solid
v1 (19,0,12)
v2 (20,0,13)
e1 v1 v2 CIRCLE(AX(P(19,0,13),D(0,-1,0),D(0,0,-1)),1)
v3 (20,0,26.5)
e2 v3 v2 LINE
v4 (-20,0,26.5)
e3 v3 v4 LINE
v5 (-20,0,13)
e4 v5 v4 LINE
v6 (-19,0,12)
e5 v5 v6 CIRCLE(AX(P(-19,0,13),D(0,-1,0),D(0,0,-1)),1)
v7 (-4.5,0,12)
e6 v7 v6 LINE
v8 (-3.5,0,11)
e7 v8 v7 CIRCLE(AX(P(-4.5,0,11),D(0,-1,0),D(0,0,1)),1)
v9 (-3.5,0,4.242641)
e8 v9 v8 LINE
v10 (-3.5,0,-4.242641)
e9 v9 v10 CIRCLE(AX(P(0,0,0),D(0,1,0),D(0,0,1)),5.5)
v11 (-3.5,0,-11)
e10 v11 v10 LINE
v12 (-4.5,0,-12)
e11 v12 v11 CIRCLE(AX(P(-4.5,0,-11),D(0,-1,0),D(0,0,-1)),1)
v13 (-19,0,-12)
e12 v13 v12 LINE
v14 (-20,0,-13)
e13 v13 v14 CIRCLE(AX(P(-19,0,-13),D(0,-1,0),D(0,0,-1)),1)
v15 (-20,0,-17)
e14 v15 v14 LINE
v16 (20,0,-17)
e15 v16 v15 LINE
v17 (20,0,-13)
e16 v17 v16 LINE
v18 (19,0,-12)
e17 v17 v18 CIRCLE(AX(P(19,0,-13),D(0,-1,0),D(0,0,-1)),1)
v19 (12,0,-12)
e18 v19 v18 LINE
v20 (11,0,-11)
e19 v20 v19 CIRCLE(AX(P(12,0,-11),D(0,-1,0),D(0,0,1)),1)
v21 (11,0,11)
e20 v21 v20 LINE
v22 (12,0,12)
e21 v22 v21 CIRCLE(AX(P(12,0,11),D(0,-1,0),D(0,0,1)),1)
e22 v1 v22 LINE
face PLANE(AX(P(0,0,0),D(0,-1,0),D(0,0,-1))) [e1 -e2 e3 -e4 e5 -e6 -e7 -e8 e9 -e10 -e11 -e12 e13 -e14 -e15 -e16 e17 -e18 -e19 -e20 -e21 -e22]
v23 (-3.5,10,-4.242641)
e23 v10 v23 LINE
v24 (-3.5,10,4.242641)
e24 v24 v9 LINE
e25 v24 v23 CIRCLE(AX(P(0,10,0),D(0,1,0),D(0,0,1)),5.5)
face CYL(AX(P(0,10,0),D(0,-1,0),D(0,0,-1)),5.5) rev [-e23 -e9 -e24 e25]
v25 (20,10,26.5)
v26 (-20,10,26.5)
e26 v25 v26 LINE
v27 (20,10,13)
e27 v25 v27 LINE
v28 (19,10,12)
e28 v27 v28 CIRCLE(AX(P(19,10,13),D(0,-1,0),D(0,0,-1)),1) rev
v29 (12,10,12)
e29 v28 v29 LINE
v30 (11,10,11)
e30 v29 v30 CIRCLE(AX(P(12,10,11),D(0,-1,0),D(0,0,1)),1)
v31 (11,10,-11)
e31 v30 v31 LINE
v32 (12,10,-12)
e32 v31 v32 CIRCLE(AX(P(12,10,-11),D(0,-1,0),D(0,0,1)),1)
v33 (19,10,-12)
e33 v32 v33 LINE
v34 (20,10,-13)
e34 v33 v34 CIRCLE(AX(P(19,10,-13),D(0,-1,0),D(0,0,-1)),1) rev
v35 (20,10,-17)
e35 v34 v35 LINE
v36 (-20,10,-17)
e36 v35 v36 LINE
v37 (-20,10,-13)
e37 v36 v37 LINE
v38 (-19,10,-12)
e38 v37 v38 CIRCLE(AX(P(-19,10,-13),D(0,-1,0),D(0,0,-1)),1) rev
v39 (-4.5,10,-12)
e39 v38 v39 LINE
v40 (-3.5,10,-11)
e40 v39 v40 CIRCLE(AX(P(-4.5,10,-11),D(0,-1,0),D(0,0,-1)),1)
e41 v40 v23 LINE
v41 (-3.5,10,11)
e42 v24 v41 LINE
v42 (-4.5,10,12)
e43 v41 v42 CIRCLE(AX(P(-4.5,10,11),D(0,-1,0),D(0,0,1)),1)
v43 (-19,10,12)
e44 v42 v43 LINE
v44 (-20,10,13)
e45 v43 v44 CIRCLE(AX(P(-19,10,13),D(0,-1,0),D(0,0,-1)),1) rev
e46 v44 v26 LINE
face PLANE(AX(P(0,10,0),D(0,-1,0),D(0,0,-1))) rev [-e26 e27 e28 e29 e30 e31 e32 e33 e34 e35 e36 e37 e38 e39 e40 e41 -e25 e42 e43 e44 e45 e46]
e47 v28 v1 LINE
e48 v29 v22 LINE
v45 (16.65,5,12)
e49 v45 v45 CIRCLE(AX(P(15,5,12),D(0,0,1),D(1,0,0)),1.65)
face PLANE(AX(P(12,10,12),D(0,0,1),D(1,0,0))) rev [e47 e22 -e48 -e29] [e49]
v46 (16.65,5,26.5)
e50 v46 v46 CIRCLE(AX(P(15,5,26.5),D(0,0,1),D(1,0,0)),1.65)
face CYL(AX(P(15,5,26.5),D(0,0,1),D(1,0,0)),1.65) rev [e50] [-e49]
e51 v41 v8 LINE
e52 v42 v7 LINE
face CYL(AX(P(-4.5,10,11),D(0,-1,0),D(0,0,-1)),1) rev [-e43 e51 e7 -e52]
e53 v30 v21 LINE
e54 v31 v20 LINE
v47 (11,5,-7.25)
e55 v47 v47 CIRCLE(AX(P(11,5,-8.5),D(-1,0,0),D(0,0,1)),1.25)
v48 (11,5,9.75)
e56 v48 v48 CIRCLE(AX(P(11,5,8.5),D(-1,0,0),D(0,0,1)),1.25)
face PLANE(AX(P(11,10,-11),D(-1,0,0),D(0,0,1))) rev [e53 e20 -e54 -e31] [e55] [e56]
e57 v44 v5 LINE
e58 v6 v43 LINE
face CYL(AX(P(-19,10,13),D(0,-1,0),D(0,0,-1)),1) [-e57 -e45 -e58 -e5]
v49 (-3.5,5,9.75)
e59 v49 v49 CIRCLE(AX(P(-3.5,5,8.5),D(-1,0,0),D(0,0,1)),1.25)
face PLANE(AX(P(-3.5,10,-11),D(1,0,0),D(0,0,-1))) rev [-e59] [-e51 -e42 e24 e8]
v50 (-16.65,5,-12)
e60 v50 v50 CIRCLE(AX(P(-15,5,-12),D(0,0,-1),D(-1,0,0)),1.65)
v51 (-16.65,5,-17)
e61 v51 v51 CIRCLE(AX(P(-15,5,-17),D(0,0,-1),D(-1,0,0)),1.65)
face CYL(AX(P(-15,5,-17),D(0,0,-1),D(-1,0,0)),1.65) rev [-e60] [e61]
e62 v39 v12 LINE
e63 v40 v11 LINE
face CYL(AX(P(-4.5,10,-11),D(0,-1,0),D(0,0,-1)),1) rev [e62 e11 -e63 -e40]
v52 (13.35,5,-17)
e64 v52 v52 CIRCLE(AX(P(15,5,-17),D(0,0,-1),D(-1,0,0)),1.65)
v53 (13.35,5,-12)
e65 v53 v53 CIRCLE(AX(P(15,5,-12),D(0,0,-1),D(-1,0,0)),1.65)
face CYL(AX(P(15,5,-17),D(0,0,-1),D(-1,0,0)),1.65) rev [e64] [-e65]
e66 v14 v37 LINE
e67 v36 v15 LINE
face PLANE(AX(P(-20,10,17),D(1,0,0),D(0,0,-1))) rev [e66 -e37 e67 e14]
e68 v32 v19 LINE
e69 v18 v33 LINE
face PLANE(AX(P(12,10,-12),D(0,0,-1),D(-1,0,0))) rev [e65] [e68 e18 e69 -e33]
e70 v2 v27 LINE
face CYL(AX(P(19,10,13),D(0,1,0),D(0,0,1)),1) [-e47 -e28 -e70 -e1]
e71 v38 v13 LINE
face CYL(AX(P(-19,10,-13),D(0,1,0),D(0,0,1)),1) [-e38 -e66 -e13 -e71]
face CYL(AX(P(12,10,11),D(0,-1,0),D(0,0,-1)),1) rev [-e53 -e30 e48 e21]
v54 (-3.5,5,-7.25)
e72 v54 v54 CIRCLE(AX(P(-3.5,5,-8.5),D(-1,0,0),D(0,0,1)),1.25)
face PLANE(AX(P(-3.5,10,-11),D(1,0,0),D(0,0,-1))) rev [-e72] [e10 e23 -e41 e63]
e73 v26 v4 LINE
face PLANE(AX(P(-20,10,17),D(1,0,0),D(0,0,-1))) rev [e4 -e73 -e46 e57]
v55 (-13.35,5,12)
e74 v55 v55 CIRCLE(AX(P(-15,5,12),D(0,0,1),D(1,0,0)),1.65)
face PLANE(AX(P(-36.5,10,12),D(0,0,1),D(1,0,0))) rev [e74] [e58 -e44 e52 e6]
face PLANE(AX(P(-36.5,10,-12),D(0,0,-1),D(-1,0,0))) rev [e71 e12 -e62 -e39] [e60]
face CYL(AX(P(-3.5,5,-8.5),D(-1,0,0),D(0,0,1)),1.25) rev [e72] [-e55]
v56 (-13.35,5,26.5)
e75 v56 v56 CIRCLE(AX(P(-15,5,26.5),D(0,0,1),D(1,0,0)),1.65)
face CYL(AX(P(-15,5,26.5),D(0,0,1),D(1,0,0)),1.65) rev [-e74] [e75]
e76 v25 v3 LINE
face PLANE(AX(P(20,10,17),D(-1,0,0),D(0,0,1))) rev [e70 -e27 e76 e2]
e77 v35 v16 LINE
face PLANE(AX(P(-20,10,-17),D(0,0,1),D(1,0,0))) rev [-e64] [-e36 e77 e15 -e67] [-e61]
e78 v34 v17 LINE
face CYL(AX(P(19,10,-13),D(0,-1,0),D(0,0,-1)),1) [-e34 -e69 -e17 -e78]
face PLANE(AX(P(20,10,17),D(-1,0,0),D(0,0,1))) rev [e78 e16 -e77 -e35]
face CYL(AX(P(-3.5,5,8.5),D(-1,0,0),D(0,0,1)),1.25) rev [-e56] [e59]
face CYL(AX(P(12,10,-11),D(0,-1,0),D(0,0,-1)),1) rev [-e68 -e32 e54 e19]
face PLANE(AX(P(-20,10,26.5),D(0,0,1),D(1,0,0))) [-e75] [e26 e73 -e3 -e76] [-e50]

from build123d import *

# Parameters (mm, degrees)
SKETCH_1_W             = 40
SKETCH_1_H             = 34
SKETCH_1_R             = 5.5
EXTRUDE_1_DEPTH        = 10
CUT_EXTRUDE_2_DEPTH    = 29.08914381
FILLET_1_R             = 1
HOLE_WIZARD_M3_1_D     = 2.5
SKETCH_13_W            = 40
SKETCH_13_H            = 9.5
EXTRUDE_2_DEPTH        = 10
HOLE_WIZARD_M4_1_D     = 3.3
HOLE_WIZARD_M4_1_DEPTH = 14.5
HOLE_WIZARD_M4_3_D     = 3.3


with BuildPart() as part:
    # 草图1 → 凸台-拉伸1 (new body)
    with BuildSketch(Plane(origin=(0, 0, 0), x_dir=(1, 0, 0), z_dir=(0, 1, 0))):
        Rectangle(SKETCH_1_W, SKETCH_1_H)
        with Locations(Location((0, 0, 0), (0, 0, 270))):
            Circle(SKETCH_1_R, mode=Mode.SUBTRACT)
    extrude(amount=EXTRUDE_1_DEPTH)

    # 草图3 → 切除-拉伸2 (cut, through all)
    with BuildSketch(Plane.XZ):
        with BuildLine():
            Line((-36.5, -12), (-4.5, -12))
            ThreePointArc((-4.5, -12), (-3.792893219, -11.707106781), (-3.5, -11))
            Line((-3.5, -11), (-3.5, 11))
            ThreePointArc((-3.5, 11), (-3.792893219, 11.707106781), (-4.5, 12))
            Line((-4.5, 12), (-36.5, 12))
            Line((-36.5, 12), (-36.5, -12))
        make_face()
        with BuildLine():
            Line((12, -12), (29, -12))
            Line((29, -12), (29, 12))
            Line((29, 12), (12, 12))
            ThreePointArc((12, 12), (11.292893219, 11.707106781), (11, 11))
            Line((11, 11), (11, -11))
            ThreePointArc((11, -11), (11.292893219, -11.707106781), (12, -12))
        make_face()
    extrude(amount=-CUT_EXTRUDE_2_DEPTH, mode=Mode.SUBTRACT)

    # 圆角1
    fillet_1_edges = [part.edges().sort_by_distance(p)[0] for p in [
        (-20, 5, -12),
        (-20, 5, 12),
        (20, 5, 12),
        (20, 5, -12),
    ]]
    fillet(fillet_1_edges, radius=FILLET_1_R)

    # M3 螺纹孔1 (through all)
    with Locations(Plane.ZY.offset(3.5)):
        with Locations((-8.5, 5), (8.5, 5)):
            Hole(HOLE_WIZARD_M3_1_D / 2)

    # 草图13 → 凸台-拉伸2 (add)
    with BuildSketch(Plane(origin=(0, 0, 0), x_dir=(-1, 0, 0), z_dir=(0, -1, 0))):
        with Locations((0, -21.75)):
            Rectangle(SKETCH_13_W, SKETCH_13_H)
    extrude(amount=-EXTRUDE_2_DEPTH)

    # M4 螺纹孔1
    with Locations(Plane.XY.offset(26.5)):
        with Locations((-15, 5), (15, 5)):
            Hole(HOLE_WIZARD_M4_1_D / 2, depth=HOLE_WIZARD_M4_1_DEPTH)

    # M4 螺纹孔3 (through all)
    with Locations(Plane(origin=(15, 5, -17), x_dir=(-1, 0, 0), z_dir=(0, 0, -1))):
        with Locations((0, 0), (30, 0)):
            Hole(HOLE_WIZARD_M4_3_D / 2)


solid = part.part
